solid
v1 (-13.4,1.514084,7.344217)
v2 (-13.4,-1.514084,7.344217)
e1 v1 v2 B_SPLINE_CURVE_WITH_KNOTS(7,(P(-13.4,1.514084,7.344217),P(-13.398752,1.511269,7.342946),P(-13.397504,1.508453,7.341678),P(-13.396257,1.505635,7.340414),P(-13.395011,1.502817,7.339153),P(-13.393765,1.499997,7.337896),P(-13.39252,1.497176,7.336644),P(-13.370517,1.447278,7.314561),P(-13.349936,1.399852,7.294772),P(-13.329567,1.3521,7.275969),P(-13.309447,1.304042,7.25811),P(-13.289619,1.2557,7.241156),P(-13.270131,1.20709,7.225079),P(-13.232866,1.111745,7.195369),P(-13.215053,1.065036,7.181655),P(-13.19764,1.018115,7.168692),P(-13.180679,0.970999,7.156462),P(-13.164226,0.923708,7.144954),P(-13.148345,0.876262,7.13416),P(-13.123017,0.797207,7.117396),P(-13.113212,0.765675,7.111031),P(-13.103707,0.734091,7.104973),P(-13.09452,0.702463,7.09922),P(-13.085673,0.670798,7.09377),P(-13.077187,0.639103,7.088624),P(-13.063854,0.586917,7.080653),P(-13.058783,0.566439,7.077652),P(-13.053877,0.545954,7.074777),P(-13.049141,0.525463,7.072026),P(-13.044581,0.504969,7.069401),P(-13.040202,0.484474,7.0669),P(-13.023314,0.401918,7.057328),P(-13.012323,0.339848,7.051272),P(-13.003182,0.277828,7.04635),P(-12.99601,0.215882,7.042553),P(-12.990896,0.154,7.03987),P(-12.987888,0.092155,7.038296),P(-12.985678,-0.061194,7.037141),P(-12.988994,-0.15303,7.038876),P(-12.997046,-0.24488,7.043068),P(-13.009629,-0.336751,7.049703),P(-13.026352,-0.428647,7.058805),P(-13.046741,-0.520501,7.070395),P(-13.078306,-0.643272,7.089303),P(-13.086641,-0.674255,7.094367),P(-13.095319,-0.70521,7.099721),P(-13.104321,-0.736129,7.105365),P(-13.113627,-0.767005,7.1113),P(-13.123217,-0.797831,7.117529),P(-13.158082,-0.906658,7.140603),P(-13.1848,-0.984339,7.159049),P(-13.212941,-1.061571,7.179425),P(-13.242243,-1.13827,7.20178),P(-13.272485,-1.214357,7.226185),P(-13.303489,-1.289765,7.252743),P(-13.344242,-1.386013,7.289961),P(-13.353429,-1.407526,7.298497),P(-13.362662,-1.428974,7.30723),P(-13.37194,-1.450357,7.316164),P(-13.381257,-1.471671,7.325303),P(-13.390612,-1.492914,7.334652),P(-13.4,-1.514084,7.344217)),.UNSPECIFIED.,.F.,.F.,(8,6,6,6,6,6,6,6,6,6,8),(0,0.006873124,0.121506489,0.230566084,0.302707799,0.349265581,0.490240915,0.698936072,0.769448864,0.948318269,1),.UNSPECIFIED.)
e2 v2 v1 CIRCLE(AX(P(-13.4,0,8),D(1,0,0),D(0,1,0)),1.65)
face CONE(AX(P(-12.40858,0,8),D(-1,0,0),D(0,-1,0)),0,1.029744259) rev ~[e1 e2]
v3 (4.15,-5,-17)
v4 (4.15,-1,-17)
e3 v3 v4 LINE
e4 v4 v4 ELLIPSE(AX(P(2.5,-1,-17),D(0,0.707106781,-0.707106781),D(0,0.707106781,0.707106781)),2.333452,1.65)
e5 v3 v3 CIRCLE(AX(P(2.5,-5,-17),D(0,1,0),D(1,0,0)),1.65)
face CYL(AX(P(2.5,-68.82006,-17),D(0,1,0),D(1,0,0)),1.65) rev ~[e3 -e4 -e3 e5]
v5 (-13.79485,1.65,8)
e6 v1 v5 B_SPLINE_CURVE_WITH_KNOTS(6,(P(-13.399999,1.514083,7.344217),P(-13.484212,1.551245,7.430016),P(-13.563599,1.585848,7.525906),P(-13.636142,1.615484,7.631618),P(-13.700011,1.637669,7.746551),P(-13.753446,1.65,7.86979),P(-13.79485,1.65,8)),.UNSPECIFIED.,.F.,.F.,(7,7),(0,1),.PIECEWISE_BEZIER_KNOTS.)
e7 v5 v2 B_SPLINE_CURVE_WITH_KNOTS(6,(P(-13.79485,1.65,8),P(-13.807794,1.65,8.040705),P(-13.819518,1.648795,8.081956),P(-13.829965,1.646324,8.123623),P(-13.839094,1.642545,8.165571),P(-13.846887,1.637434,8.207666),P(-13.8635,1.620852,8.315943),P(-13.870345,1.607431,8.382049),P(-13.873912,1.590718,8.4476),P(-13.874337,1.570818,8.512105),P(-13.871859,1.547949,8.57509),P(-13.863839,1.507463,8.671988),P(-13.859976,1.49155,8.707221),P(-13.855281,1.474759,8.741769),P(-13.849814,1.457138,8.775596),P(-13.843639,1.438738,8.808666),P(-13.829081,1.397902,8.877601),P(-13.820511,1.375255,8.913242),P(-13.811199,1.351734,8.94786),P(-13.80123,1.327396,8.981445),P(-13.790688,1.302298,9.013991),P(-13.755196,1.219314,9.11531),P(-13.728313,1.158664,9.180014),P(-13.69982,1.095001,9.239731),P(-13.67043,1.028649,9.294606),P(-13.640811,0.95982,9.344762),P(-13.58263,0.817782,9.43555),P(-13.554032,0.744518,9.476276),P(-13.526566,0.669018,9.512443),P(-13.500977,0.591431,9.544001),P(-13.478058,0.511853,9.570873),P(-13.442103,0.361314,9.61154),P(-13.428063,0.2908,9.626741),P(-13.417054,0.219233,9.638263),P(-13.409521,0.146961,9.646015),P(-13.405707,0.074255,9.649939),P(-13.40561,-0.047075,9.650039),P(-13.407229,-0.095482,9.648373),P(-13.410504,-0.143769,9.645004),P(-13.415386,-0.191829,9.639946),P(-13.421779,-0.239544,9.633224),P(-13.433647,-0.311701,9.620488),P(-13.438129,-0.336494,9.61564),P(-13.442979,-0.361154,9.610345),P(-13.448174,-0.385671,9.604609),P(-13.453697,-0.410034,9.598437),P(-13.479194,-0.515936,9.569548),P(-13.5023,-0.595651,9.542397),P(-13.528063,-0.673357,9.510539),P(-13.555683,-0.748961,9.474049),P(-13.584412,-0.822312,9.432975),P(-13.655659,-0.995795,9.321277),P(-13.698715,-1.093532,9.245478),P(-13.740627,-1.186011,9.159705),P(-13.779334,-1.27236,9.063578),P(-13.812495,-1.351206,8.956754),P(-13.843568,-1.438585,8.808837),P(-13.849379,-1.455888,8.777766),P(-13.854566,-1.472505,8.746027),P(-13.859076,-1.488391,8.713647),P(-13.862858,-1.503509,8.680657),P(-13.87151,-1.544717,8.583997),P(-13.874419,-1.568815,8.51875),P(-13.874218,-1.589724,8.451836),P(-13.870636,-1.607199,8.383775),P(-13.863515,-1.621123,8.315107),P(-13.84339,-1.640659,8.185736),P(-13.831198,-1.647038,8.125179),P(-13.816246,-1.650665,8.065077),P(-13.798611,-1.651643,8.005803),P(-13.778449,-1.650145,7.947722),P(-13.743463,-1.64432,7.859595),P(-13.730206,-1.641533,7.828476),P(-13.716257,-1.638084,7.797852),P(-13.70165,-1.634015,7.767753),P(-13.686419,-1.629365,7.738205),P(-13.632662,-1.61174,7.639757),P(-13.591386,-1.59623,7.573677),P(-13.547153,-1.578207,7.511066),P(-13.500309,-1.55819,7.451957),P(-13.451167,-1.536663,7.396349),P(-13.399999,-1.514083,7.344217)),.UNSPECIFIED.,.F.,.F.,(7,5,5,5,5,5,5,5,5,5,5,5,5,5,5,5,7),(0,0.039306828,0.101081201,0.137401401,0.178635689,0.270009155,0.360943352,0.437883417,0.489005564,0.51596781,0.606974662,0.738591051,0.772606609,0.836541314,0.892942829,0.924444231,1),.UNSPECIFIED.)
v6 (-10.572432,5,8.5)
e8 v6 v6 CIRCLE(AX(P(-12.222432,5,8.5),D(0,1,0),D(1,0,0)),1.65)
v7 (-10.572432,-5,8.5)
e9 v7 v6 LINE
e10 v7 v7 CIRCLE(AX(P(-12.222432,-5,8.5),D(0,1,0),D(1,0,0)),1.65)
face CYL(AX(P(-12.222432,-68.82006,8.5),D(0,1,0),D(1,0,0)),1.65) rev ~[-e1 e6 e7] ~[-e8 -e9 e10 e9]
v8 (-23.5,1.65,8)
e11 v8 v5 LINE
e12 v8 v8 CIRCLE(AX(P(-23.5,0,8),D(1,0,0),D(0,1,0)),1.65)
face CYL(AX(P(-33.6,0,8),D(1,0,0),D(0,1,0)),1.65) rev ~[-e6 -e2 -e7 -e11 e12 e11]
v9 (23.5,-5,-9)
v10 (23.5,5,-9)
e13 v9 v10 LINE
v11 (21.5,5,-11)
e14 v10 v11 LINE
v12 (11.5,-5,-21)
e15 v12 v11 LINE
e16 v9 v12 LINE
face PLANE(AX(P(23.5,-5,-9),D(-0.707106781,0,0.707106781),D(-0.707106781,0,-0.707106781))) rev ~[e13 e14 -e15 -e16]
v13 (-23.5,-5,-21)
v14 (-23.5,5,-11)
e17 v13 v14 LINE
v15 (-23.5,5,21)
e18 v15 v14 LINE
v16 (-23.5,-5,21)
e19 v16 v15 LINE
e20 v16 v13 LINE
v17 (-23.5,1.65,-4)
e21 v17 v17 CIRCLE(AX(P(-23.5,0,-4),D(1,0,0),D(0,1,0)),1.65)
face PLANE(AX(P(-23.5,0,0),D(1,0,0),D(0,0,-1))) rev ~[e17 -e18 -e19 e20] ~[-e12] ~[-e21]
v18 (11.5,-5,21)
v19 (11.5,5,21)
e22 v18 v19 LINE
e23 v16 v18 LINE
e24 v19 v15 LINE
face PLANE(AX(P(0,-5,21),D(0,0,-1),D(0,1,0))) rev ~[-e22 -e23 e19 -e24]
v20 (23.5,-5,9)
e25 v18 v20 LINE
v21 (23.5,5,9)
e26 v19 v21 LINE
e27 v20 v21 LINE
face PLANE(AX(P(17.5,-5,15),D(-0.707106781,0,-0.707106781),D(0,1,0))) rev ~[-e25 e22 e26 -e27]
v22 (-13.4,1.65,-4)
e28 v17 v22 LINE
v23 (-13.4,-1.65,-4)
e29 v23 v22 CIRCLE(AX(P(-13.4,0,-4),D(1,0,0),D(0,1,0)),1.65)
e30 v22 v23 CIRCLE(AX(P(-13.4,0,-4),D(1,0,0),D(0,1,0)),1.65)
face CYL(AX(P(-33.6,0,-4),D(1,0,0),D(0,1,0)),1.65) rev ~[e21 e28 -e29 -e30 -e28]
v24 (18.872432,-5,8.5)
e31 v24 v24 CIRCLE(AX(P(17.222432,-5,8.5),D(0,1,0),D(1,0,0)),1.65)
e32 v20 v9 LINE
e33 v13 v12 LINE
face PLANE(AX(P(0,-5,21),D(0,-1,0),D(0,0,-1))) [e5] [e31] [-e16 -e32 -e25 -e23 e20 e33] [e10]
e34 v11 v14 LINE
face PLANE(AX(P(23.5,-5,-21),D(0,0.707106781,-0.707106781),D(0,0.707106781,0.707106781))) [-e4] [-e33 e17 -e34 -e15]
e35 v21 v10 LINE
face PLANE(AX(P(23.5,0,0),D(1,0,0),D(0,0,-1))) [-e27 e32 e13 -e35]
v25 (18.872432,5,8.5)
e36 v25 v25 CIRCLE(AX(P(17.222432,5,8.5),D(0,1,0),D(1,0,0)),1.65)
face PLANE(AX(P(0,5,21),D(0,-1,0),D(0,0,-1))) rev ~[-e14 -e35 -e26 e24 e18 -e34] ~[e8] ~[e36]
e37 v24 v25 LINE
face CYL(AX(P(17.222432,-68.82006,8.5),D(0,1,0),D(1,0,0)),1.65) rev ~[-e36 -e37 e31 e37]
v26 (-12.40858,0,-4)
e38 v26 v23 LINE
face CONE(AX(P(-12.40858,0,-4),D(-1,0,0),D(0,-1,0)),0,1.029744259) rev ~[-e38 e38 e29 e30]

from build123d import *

# Parameters (mm, degrees)
SKETCH_1_W             = 42
SKETCH_1_H             = 10
EXTRUDE_1_DEPTH        = 23.5
CUT_EXTRUDE_1_DEPTH    = 52.720402164
HOLE_WIZARD_M4_2_D     = 3.3
HOLE_WIZARD_M4_2_DEPTH = 10.1
HOLE_WIZARD_M4_2_TIP   = 0.991420021
HOLE_WIZARD_M4_1_D     = 3.3
CHAMFER_4_SIZE         = 12
CUT_EXTRUDE_3_DEPTH    = 34.064331336


with BuildPart() as part:
    # 草图1 → 凸台-拉伸1 (new, symmetric)
    with BuildSketch(Plane(origin=(0, 0, 0), x_dir=(0, 0, -1), z_dir=(1, 0, 0))):
        Rectangle(SKETCH_1_W, SKETCH_1_H)
    extrude(amount=EXTRUDE_1_DEPTH, both=True)

    # 草图2 → 切除-拉伸1 (cut, through all)
    with BuildSketch(Plane(origin=(23.5, 0, 0), x_dir=(0, 0, -1), z_dir=(1, 0, 0))):
        Polygon((21, -5), (11, 5), (21, 5), align=None)
    extrude(amount=-CUT_EXTRUDE_1_DEPTH, mode=Mode.SUBTRACT)

    # M4 螺纹孔2
    with Locations(Plane(origin=(-23.5, -27.863076326, 2.458563873), x_dir=(0, -1, 0), z_dir=(-1, 0, 0))):
        with Locations((-27.863076326, 5.541436127), (-27.863076326, -6.458563873)):
            Hole(HOLE_WIZARD_M4_2_D / 2, depth=HOLE_WIZARD_M4_2_DEPTH)
            with Locations((0, 0, -(HOLE_WIZARD_M4_2_DEPTH + HOLE_WIZARD_M4_2_TIP / 2))):  # 118° drill point
                Cone(0, HOLE_WIZARD_M4_2_D / 2, HOLE_WIZARD_M4_2_TIP, mode=Mode.SUBTRACT)

    # M4 螺纹孔1 (through all)
    with Locations(Plane(origin=(0, -5, 0), x_dir=(-1, 0, 0), z_dir=(0, -1, 0))):
        with Locations((-2.5, 17), (-17.222431864, -8.5), (12.222431864, -8.5)):
            Hole(HOLE_WIZARD_M4_1_D / 2)

    # 倒角4
    chamfer_4_edges = [part.edges().sort_by_distance(p)[0] for p in [
        (23.5, 0, 21),
    ]]
    chamfer(chamfer_4_edges, length=CHAMFER_4_SIZE)

    # 草图8 → 切除-拉伸3 (cut, through all)
    with BuildSketch(Plane.XZ.offset(5)):
        Polygon((23.5, -9), (11.5, -21), (23.5, -21), align=None)
    extrude(amount=-CUT_EXTRUDE_3_DEPTH, mode=Mode.SUBTRACT)


solid = part.part
